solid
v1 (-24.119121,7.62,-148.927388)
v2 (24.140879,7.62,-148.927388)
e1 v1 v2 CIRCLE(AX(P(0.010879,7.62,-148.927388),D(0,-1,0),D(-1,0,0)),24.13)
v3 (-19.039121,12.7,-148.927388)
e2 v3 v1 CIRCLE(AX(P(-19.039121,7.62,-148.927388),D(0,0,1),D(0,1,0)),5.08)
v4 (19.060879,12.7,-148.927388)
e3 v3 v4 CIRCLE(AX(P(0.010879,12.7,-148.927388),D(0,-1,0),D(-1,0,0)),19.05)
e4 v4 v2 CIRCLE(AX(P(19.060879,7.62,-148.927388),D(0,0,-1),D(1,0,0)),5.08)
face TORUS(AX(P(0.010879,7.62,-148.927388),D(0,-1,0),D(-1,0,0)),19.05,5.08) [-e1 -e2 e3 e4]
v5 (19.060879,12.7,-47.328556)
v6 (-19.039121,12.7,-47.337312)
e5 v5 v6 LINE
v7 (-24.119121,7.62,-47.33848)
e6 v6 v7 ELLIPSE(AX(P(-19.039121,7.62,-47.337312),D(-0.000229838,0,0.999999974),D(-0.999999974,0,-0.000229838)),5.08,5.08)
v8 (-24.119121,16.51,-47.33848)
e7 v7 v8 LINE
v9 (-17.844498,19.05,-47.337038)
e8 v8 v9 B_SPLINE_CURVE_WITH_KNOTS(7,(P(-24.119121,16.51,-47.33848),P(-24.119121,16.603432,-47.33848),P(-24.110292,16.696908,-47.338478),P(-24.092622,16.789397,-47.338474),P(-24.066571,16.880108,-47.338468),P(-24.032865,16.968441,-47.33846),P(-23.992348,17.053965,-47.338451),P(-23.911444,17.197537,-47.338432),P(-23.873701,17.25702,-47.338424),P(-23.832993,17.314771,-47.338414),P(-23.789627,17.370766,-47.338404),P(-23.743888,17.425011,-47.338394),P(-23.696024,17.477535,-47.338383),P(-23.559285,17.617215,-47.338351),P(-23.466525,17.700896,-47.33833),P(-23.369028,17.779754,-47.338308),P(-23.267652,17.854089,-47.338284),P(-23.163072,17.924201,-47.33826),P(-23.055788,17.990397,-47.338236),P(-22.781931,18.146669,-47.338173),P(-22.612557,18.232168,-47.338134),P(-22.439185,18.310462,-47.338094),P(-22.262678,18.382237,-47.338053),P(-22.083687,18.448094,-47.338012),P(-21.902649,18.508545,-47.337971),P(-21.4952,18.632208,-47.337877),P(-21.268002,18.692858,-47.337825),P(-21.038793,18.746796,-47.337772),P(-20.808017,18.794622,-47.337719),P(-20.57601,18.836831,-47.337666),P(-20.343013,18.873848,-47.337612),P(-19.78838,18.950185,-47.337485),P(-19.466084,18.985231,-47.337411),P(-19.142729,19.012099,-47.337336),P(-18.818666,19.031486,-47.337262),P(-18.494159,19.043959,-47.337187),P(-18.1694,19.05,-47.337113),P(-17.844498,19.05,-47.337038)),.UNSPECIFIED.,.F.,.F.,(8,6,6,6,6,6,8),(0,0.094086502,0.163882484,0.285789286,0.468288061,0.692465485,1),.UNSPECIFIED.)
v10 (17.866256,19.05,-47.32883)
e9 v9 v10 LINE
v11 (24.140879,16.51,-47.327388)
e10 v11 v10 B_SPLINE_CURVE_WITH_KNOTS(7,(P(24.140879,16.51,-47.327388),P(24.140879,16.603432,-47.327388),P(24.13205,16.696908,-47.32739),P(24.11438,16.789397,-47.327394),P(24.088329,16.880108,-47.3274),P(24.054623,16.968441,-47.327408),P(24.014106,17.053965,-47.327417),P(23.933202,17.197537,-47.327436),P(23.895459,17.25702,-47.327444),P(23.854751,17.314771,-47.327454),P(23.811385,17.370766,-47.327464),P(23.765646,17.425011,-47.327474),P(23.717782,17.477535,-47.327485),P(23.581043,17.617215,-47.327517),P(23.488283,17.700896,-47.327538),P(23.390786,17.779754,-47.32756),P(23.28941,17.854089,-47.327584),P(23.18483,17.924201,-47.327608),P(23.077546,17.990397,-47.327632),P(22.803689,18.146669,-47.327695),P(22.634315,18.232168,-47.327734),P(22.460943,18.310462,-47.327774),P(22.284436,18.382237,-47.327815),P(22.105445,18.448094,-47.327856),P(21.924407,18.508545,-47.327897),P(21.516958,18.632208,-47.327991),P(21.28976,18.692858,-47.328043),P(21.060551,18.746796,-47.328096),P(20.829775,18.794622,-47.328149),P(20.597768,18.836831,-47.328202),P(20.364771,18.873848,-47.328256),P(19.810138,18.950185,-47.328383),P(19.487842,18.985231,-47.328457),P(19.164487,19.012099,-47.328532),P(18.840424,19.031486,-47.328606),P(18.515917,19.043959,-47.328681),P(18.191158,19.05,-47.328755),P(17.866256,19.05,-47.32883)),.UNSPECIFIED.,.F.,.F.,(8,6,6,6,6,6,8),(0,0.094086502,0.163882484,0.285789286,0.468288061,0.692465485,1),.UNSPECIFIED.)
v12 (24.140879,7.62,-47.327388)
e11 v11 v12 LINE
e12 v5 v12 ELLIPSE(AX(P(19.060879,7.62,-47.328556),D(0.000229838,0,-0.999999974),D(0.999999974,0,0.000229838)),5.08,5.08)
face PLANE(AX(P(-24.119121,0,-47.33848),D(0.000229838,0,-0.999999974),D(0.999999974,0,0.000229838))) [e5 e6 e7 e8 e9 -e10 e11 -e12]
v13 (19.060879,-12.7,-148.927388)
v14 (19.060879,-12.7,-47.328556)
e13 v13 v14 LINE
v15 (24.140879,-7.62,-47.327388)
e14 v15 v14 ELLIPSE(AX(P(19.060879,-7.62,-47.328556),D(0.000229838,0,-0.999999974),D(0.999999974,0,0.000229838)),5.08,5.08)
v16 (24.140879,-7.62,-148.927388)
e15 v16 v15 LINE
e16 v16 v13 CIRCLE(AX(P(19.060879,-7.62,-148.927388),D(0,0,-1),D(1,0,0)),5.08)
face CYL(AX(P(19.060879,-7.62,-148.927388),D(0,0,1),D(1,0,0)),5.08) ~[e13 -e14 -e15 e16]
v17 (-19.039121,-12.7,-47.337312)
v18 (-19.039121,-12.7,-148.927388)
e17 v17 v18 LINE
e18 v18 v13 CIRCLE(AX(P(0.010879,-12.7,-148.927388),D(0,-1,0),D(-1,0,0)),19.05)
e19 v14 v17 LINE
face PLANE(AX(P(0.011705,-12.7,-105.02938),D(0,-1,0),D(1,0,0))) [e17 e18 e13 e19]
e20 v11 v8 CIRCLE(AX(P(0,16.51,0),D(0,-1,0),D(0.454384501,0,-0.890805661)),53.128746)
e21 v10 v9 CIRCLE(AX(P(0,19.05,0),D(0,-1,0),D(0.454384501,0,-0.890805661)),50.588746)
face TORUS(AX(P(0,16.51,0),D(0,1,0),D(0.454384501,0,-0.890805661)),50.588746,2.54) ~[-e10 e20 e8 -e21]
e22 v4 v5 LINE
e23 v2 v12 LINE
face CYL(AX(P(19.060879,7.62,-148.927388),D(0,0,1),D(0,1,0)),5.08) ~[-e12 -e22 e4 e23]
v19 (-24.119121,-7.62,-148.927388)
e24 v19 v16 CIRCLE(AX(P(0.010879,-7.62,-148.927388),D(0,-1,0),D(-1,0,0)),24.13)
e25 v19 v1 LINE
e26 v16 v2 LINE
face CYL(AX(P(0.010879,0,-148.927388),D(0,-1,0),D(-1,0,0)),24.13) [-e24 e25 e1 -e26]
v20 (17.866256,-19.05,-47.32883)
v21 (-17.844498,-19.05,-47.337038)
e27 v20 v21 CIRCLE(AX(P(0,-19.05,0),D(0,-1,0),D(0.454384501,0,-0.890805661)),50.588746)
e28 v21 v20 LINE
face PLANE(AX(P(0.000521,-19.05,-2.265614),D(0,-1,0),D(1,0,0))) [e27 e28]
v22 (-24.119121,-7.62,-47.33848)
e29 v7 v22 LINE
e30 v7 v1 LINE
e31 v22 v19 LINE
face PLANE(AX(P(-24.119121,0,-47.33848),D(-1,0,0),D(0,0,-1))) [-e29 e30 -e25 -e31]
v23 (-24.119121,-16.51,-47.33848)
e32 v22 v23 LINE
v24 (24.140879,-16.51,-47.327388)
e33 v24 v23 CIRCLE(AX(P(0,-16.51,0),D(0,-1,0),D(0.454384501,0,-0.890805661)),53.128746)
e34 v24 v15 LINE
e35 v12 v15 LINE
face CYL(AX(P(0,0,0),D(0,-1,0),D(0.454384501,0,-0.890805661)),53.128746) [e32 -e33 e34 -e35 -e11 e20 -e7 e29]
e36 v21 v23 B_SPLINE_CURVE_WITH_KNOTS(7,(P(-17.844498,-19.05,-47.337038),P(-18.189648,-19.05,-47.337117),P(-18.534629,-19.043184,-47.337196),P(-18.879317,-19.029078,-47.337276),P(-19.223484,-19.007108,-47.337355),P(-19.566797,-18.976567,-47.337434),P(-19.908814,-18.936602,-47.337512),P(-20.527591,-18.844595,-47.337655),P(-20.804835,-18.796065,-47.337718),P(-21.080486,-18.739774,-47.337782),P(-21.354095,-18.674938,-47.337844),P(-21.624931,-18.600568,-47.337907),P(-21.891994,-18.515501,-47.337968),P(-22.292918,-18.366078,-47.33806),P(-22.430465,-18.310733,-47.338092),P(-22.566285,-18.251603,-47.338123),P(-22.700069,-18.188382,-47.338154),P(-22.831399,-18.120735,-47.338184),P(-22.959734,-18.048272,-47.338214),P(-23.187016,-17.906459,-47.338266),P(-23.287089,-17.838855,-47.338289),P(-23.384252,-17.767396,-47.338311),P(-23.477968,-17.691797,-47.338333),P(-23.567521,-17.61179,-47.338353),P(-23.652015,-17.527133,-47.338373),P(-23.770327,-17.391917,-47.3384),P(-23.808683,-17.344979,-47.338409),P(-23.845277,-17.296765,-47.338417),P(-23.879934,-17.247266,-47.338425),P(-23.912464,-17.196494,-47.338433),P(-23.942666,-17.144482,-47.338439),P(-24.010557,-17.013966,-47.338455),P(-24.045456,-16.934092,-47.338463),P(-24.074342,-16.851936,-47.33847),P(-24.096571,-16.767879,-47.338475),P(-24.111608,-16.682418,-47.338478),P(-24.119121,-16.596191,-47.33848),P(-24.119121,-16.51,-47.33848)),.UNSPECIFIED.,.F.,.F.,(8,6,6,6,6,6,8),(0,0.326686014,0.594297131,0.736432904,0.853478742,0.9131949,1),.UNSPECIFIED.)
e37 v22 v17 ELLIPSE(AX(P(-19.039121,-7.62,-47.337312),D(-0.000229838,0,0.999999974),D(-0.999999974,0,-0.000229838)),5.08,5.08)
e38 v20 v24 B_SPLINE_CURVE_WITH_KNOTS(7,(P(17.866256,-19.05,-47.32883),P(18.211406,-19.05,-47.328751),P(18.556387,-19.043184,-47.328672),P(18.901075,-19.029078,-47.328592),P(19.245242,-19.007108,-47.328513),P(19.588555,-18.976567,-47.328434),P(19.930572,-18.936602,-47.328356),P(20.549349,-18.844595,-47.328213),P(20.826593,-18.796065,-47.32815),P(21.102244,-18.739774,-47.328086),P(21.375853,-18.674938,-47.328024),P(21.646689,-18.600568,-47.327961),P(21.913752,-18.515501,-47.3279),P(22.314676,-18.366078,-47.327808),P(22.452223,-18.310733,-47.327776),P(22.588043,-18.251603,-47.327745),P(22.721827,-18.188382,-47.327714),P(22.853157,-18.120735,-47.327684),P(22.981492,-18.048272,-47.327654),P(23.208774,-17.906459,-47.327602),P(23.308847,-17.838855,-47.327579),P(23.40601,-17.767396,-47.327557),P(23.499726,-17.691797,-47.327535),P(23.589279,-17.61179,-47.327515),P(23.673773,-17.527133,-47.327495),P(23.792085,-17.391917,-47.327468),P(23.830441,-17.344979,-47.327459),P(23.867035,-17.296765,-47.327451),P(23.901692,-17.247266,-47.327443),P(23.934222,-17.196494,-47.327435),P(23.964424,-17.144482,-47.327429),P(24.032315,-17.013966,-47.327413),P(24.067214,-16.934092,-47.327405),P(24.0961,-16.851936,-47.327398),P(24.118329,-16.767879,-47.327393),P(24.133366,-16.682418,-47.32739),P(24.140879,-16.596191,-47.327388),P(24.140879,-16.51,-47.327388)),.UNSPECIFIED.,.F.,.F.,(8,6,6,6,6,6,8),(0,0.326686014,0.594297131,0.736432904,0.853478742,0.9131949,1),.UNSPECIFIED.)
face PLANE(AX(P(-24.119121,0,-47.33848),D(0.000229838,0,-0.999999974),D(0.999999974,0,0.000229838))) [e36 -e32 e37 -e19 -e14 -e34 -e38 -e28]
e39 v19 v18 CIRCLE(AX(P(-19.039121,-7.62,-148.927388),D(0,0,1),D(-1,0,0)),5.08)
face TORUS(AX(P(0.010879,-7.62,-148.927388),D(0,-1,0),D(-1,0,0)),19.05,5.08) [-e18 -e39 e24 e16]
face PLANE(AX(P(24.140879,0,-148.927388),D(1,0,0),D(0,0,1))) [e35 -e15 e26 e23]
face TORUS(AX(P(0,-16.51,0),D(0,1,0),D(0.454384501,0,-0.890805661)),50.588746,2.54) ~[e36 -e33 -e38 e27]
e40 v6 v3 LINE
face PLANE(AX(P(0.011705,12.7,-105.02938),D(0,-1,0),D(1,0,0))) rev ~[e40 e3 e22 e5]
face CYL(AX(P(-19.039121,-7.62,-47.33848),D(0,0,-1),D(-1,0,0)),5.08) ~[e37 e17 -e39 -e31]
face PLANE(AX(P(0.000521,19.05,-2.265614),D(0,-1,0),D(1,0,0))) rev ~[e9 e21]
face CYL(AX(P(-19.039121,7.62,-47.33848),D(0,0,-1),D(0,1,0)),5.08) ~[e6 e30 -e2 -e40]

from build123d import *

# Parameters (mm, degrees)
F1_DEPTH = 19.05
F2_R     = 2.54
F3_DEPTH = 12.7
F4_R     = 5.08


with BuildPart() as f1:
    # F0 (on Front) → F1 (new body, symmetric)
    with BuildSketch(Plane.XZ):
        with BuildLine():
            Line((-24.119121, -47.33848), (24.140879, -47.327388))
            ThreePointArc((24.140879, -47.327388), (-0.012211, 53.128745), (-24.119121, -47.33848))
        make_face()
    extrude(amount=F1_DEPTH, both=True)

    # F2
    f2_edges = [f1.edges().sort_by_distance(p)[0] for p in [
        (-0.012211, -19.05, 53.128745),
        (-0.012211, 19.05, 53.128745),
    ]]
    fillet(f2_edges, radius=F2_R)

    # F0 (on Front) → F3 (join, symmetric)
    with BuildSketch(Plane.XZ):
        with BuildLine():
            Line((24.140879, -148.927388), (24.140879, -47.327388))
            Line((24.140879, -47.327388), (-24.119121, -47.33848))
            Line((-24.119121, -47.33848), (-24.119121, -148.927388))
            ThreePointArc((-24.119121, -148.927388), (0.010879, -173.057388), (24.140879, -148.927388))
        make_face()
    extrude(amount=F3_DEPTH, both=True)

    # F4
    f4_edges = [f1.edges().sort_by_distance(p)[0] for p in [
        (-24.119121, 12.7, -98.132934),
        (-24.119121, -12.7, -98.132934),
        (24.140879, -12.7, -98.127388),
        (24.140879, 12.7, -98.127388),
    ]]
    fillet(f4_edges, radius=F4_R)


solid = f1.part
